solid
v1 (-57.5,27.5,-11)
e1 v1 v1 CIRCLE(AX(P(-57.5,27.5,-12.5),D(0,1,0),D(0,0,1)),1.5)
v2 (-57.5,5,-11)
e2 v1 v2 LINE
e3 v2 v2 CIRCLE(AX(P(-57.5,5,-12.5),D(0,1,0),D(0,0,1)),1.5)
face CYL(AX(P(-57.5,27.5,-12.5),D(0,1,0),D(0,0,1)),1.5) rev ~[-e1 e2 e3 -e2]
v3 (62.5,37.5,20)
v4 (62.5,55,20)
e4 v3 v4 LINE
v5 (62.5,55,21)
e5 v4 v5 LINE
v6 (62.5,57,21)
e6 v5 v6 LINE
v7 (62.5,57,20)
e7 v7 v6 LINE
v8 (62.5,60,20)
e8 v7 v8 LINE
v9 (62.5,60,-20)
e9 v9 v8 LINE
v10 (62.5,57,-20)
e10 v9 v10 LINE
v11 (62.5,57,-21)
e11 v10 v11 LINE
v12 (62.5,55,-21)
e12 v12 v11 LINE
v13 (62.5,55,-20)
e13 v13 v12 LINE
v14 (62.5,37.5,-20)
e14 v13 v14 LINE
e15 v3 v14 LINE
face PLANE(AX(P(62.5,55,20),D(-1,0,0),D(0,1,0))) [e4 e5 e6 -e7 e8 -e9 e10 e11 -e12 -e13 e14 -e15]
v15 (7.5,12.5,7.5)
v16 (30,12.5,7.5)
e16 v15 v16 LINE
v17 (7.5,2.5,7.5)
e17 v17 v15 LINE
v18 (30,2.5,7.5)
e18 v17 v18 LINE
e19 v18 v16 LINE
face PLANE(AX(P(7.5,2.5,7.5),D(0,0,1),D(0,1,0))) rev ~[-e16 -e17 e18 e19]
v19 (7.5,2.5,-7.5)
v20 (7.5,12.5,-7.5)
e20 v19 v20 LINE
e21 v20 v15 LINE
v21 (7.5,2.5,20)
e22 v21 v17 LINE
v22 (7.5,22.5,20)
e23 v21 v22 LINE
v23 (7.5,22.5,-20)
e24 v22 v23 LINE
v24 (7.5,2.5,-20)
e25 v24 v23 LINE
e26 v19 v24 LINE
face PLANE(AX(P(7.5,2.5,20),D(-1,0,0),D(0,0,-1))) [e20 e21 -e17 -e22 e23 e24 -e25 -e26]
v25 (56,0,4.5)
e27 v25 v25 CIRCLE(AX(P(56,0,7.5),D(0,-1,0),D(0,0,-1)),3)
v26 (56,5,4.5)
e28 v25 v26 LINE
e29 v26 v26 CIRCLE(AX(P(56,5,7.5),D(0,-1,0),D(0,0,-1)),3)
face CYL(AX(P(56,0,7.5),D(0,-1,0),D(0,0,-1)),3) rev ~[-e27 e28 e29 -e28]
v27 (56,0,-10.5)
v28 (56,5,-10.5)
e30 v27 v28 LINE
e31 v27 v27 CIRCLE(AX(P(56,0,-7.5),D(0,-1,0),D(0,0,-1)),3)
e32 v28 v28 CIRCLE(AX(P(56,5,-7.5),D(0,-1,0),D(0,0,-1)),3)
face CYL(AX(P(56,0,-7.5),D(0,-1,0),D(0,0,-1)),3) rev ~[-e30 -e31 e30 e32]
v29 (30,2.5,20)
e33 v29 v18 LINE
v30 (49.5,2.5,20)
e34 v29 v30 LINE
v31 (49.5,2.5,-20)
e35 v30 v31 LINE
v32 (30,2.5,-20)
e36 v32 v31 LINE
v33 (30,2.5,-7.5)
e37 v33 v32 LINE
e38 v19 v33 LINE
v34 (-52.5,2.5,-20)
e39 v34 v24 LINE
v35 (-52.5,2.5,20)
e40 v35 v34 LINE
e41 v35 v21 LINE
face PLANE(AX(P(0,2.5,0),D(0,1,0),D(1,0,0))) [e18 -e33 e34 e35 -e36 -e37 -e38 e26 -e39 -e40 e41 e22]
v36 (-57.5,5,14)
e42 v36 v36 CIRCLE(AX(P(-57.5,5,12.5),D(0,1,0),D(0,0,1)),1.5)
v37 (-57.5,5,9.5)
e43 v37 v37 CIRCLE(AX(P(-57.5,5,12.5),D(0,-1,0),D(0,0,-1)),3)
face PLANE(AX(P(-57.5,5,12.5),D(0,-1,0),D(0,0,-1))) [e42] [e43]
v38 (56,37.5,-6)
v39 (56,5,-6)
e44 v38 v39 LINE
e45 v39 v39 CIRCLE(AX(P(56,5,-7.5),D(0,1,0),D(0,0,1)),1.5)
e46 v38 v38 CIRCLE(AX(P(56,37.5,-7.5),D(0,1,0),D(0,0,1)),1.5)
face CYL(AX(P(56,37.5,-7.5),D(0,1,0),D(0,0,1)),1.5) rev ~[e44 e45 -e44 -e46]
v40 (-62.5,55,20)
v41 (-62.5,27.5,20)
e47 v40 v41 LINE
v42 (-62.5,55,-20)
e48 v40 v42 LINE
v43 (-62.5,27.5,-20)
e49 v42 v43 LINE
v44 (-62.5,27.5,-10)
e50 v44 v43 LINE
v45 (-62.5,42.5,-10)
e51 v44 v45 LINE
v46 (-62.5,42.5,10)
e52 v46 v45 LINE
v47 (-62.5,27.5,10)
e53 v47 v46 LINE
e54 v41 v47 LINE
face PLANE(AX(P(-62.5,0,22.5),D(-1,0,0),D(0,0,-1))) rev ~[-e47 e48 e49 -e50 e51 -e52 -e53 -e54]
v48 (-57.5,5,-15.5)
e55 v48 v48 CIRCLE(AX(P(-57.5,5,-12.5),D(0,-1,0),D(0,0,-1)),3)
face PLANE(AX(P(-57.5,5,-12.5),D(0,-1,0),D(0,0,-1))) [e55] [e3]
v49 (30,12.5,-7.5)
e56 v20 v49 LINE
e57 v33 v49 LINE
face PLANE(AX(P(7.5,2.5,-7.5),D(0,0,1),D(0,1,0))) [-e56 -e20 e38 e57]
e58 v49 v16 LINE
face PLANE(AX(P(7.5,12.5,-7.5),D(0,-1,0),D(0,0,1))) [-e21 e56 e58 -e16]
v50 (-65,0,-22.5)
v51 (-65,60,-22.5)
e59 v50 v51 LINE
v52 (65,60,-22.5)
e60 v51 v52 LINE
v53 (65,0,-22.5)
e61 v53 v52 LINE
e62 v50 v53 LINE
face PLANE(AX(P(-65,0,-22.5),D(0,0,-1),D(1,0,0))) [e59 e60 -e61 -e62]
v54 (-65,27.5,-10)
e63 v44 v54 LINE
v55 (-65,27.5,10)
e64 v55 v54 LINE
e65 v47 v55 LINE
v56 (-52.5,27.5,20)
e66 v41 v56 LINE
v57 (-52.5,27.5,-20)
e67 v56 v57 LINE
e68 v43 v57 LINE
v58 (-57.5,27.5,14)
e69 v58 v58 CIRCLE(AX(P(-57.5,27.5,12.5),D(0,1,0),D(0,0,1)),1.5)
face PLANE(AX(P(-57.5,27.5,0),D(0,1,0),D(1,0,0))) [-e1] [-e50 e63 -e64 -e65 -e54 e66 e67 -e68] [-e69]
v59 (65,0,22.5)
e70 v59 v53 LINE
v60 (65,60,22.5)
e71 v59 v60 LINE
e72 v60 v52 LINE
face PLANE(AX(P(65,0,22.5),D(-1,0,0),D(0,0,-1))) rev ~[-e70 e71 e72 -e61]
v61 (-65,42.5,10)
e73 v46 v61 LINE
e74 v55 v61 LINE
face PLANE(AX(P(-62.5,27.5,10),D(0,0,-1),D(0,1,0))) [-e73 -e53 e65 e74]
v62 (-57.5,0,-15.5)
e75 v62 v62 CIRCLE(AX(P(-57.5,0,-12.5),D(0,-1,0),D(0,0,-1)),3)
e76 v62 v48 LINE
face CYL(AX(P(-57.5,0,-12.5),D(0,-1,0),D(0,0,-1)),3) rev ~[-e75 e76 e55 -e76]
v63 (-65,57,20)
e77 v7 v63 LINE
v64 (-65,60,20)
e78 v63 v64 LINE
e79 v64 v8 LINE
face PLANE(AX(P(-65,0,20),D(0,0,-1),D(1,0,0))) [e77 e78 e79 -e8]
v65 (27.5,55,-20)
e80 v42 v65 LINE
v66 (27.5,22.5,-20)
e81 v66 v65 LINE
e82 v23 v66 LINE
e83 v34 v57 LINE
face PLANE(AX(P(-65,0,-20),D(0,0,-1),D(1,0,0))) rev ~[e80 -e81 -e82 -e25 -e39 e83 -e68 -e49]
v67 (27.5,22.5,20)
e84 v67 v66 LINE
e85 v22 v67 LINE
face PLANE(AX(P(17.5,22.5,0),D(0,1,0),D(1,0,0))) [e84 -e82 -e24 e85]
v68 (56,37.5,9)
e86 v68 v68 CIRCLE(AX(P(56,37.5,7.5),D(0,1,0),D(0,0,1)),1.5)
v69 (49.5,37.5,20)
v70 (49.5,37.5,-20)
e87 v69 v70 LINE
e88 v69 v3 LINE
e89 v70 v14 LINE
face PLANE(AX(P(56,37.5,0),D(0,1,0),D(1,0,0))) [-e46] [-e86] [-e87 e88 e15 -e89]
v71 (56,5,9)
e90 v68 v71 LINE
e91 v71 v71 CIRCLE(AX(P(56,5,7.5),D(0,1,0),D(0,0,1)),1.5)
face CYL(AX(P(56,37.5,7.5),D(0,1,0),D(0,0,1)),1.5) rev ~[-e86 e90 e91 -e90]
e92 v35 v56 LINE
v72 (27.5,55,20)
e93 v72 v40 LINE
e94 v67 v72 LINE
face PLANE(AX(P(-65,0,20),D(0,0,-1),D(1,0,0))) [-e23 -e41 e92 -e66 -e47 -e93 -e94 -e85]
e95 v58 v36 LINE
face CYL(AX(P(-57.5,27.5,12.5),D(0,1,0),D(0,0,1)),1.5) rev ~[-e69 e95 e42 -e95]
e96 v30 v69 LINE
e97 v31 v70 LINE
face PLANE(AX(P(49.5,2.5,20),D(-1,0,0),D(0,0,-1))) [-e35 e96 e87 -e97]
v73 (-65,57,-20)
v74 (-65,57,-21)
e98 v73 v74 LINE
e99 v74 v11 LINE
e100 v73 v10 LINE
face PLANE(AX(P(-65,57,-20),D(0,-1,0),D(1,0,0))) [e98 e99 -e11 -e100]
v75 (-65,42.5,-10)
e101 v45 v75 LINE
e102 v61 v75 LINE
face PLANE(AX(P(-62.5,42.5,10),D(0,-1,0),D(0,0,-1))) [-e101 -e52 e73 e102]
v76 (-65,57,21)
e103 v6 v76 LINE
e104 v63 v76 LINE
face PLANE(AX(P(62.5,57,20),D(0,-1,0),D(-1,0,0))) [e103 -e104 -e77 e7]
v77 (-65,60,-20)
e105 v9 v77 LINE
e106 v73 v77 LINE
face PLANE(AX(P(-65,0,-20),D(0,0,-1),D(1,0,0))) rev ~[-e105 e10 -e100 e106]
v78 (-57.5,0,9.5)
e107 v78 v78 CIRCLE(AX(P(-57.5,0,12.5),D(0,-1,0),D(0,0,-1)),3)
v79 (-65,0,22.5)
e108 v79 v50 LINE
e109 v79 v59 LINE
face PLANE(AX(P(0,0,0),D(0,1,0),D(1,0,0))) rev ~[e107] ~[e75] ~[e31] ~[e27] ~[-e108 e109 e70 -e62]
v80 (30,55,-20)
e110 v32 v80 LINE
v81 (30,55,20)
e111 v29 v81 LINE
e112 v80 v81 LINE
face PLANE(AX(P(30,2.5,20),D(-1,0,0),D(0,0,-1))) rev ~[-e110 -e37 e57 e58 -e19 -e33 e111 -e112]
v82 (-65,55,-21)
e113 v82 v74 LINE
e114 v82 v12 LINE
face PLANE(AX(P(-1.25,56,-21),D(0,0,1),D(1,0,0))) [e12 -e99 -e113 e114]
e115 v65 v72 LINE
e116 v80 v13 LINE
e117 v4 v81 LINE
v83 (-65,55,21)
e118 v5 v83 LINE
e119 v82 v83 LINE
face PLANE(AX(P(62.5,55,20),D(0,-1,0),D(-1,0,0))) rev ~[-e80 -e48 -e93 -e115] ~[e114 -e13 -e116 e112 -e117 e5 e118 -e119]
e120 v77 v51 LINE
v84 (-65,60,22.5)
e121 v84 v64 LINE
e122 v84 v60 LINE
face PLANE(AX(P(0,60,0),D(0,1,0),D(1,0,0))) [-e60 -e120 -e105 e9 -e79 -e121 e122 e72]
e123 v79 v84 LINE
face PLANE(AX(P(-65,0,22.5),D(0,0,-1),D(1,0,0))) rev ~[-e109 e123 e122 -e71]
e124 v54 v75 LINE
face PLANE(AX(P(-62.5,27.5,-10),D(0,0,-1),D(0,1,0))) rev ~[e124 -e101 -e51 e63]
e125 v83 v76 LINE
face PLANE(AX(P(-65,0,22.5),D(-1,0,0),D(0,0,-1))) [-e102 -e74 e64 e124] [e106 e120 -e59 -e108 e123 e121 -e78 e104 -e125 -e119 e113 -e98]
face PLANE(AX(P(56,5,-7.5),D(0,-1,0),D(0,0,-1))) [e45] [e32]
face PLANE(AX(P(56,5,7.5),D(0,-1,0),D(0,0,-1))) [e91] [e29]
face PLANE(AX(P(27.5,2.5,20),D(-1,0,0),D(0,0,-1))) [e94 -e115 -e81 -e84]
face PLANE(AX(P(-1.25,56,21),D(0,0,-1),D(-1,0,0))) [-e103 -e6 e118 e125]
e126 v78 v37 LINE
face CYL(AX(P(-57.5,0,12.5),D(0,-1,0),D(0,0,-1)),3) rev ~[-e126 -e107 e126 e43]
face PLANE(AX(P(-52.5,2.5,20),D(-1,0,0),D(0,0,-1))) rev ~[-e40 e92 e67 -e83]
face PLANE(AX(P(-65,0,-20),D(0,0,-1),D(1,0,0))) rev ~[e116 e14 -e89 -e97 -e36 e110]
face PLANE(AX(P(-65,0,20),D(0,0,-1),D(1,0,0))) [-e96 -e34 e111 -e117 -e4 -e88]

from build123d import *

# Parameters (mm, degrees)
SKETCH1_W           = 130
SKETCH1_H           = 45
BOSS_EXTRUDE1_DEPTH = 60
SHELL3_T            = -2.5
SKETCH4_W           = 2.5
SKETCH4_H           = 40
BOSS_EXTRUDE2_DEPTH = 57.5
SKETCH5_W           = 13
SKETCH5_H           = 40
BOSS_EXTRUDE3_DEPTH = 35
SKETCH6_W           = 20
SKETCH6_H           = 40
BOSS_EXTRUDE4_DEPTH = 20
SKETCH7_W           = 10
SKETCH7_H           = 40
BOSS_EXTRUDE5_DEPTH = 25
SKETCH9_R           = 1.5
CUT_EXTRUDE1_DEPTH  = 27.5
SKETCH11_R          = 1.5
CUT_EXTRUDE2_DEPTH  = 37.5
SKETCH16_W          = 20
SKETCH16_H          = 15
CUT_EXTRUDE3_DEPTH  = 2.5
SKETCH18_W          = 15
SKETCH18_H          = 10
CUT_EXTRUDE4_DEPTH  = 22.5
SKETCH19_W          = 40
SKETCH19_H          = 5
CUT_EXTRUDE5_DEPTH  = 2.5
SKETCH20_W          = 40
SKETCH20_H          = 5
CUT_EXTRUDE6_DEPTH  = 2.5
SKETCH21_R          = 3
CUT_EXTRUDE7_DEPTH  = 5
SKETCH22_W          = 127.5
SKETCH22_H          = 2
CUT_EXTRUDE8_DEPTH  = 1
SKETCH23_W          = 127.5
SKETCH23_H          = 2
CUT_EXTRUDE9_DEPTH  = 1


with BuildPart() as part:
    # Sketch1 → Boss-Extrude1 (new body)
    with BuildSketch(Plane(origin=(0, 0, 0), x_dir=(1, 0, 0), z_dir=(0, 1, 0))):
        Rectangle(SKETCH1_W, SKETCH1_H)
    extrude(amount=BOSS_EXTRUDE1_DEPTH)

    # Shell3
    shell3_openings = [part.faces().sort_by_distance(p)[0] for p in [
        (0, 60, 0),
    ]]
    offset(amount=SHELL3_T, openings=shell3_openings, kind=Kind.INTERSECTION)

    # Sketch4 → Boss-Extrude2 (add)
    with BuildSketch(Plane(origin=(0, 2.5, 0), x_dir=(1, 0, 0), z_dir=(0, 1, 0))):
        with Locations((28.75, 0)):
            Rectangle(SKETCH4_W, SKETCH4_H)
    extrude(amount=BOSS_EXTRUDE2_DEPTH)

    # Sketch5 → Boss-Extrude3 (add)
    with BuildSketch(Plane(origin=(0, 2.5, 0), x_dir=(1, 0, 0), z_dir=(0, 1, 0))):
        with Locations((56, 0)):
            Rectangle(SKETCH5_W, SKETCH5_H)
    extrude(amount=BOSS_EXTRUDE3_DEPTH)

    # Sketch6 → Boss-Extrude4 (add)
    with BuildSketch(Plane(origin=(0, 2.5, 0), x_dir=(1, 0, 0), z_dir=(0, 1, 0))):
        with Locations((17.5, 0)):
            Rectangle(SKETCH6_W, SKETCH6_H)
    extrude(amount=BOSS_EXTRUDE4_DEPTH)

    # Sketch7 → Boss-Extrude5 (add)
    with BuildSketch(Plane(origin=(0, 2.5, 0), x_dir=(1, 0, 0), z_dir=(0, 1, 0))):
        with Locations((-57.5, 0)):
            Rectangle(SKETCH7_W, SKETCH7_H)
    extrude(amount=BOSS_EXTRUDE5_DEPTH)

    # Sketch9 → Cut-Extrude1 (cut)
    with BuildSketch(Plane(origin=(0, 27.5, 0), x_dir=(1, 0, 0), z_dir=(0, 1, 0))):
        with Locations(Location((-57.5, 12.5, 0), (0, 0, 270))):
            Circle(SKETCH9_R)
        with Locations(Location((-57.5, -12.5, 0), (0, 0, 270))):
            Circle(SKETCH9_R)
    extrude(amount=-CUT_EXTRUDE1_DEPTH, mode=Mode.SUBTRACT)

    # Sketch11 → Cut-Extrude2 (cut)
    with BuildSketch(Plane(origin=(0, 37.5, 0), x_dir=(1, 0, 0), z_dir=(0, 1, 0))):
        with Locations(Location((56, 7.5, 0), (0, 0, 270))):
            Circle(SKETCH11_R)
        with Locations(Location((56, -7.5, 0), (0, 0, 270))):
            Circle(SKETCH11_R)
    extrude(amount=-CUT_EXTRUDE2_DEPTH, mode=Mode.SUBTRACT)

    # Sketch16 → Cut-Extrude3 (cut)
    with BuildSketch(Plane(origin=(-62.5, 0, 0), x_dir=(0, 0, -1), z_dir=(1, 0, 0))):
        with Locations((0, 35)):
            Rectangle(SKETCH16_W, SKETCH16_H)
    extrude(amount=-CUT_EXTRUDE3_DEPTH, mode=Mode.SUBTRACT)

    # Sketch18 → Cut-Extrude4 (cut)
    with BuildSketch(Plane.ZY.offset(-7.5)):
        with Locations((0, 7.5)):
            Rectangle(SKETCH18_W, SKETCH18_H)
    extrude(amount=-CUT_EXTRUDE4_DEPTH, mode=Mode.SUBTRACT)

    # Sketch19 → Cut-Extrude5 (cut)
    with BuildSketch(Plane(origin=(-62.5, 0, 0), x_dir=(0, 0, -1), z_dir=(1, 0, 0))):
        with Locations((0, 57.5)):
            Rectangle(SKETCH19_W, SKETCH19_H)
    extrude(amount=-CUT_EXTRUDE5_DEPTH, mode=Mode.SUBTRACT)

    # Sketch20 → Cut-Extrude6 (cut)
    with BuildSketch(Plane.ZY.offset(-27.5)):
        with Locations((0, 57.5)):
            Rectangle(SKETCH20_W, SKETCH20_H)
    extrude(amount=-CUT_EXTRUDE6_DEPTH, mode=Mode.SUBTRACT)

    # Sketch21 → Cut-Extrude7 (cut)
    with BuildSketch(Plane.XZ):
        with Locations(Location((56, -7.5, 0), (0, 0, 270))):
            Circle(SKETCH21_R)
        with Locations(Location((56, 7.5, 0), (0, 0, 270))):
            Circle(SKETCH21_R)
        with Locations(Location((-57.5, -12.5, 0), (0, 0, 270))):
            Circle(SKETCH21_R)
        with Locations(Location((-57.5, 12.5, 0), (0, 0, 270))):
            Circle(SKETCH21_R)
    extrude(amount=-CUT_EXTRUDE7_DEPTH, mode=Mode.SUBTRACT)

    # Sketch22 → Cut-Extrude8 (cut)
    with BuildSketch(Plane.XY.offset(-20)):
        with Locations((-1.25, 56)):
            Rectangle(SKETCH22_W, SKETCH22_H)
    extrude(amount=-CUT_EXTRUDE8_DEPTH, mode=Mode.SUBTRACT)

    # Sketch23 → Cut-Extrude9 (cut)
    with BuildSketch(Plane(origin=(0, 0, 20), x_dir=(-1, 0, 0), z_dir=(0, 0, -1))):
        with Locations((1.25, 56)):
            Rectangle(SKETCH23_W, SKETCH23_H)
    extrude(amount=-CUT_EXTRUDE9_DEPTH, mode=Mode.SUBTRACT)


solid = part.part
